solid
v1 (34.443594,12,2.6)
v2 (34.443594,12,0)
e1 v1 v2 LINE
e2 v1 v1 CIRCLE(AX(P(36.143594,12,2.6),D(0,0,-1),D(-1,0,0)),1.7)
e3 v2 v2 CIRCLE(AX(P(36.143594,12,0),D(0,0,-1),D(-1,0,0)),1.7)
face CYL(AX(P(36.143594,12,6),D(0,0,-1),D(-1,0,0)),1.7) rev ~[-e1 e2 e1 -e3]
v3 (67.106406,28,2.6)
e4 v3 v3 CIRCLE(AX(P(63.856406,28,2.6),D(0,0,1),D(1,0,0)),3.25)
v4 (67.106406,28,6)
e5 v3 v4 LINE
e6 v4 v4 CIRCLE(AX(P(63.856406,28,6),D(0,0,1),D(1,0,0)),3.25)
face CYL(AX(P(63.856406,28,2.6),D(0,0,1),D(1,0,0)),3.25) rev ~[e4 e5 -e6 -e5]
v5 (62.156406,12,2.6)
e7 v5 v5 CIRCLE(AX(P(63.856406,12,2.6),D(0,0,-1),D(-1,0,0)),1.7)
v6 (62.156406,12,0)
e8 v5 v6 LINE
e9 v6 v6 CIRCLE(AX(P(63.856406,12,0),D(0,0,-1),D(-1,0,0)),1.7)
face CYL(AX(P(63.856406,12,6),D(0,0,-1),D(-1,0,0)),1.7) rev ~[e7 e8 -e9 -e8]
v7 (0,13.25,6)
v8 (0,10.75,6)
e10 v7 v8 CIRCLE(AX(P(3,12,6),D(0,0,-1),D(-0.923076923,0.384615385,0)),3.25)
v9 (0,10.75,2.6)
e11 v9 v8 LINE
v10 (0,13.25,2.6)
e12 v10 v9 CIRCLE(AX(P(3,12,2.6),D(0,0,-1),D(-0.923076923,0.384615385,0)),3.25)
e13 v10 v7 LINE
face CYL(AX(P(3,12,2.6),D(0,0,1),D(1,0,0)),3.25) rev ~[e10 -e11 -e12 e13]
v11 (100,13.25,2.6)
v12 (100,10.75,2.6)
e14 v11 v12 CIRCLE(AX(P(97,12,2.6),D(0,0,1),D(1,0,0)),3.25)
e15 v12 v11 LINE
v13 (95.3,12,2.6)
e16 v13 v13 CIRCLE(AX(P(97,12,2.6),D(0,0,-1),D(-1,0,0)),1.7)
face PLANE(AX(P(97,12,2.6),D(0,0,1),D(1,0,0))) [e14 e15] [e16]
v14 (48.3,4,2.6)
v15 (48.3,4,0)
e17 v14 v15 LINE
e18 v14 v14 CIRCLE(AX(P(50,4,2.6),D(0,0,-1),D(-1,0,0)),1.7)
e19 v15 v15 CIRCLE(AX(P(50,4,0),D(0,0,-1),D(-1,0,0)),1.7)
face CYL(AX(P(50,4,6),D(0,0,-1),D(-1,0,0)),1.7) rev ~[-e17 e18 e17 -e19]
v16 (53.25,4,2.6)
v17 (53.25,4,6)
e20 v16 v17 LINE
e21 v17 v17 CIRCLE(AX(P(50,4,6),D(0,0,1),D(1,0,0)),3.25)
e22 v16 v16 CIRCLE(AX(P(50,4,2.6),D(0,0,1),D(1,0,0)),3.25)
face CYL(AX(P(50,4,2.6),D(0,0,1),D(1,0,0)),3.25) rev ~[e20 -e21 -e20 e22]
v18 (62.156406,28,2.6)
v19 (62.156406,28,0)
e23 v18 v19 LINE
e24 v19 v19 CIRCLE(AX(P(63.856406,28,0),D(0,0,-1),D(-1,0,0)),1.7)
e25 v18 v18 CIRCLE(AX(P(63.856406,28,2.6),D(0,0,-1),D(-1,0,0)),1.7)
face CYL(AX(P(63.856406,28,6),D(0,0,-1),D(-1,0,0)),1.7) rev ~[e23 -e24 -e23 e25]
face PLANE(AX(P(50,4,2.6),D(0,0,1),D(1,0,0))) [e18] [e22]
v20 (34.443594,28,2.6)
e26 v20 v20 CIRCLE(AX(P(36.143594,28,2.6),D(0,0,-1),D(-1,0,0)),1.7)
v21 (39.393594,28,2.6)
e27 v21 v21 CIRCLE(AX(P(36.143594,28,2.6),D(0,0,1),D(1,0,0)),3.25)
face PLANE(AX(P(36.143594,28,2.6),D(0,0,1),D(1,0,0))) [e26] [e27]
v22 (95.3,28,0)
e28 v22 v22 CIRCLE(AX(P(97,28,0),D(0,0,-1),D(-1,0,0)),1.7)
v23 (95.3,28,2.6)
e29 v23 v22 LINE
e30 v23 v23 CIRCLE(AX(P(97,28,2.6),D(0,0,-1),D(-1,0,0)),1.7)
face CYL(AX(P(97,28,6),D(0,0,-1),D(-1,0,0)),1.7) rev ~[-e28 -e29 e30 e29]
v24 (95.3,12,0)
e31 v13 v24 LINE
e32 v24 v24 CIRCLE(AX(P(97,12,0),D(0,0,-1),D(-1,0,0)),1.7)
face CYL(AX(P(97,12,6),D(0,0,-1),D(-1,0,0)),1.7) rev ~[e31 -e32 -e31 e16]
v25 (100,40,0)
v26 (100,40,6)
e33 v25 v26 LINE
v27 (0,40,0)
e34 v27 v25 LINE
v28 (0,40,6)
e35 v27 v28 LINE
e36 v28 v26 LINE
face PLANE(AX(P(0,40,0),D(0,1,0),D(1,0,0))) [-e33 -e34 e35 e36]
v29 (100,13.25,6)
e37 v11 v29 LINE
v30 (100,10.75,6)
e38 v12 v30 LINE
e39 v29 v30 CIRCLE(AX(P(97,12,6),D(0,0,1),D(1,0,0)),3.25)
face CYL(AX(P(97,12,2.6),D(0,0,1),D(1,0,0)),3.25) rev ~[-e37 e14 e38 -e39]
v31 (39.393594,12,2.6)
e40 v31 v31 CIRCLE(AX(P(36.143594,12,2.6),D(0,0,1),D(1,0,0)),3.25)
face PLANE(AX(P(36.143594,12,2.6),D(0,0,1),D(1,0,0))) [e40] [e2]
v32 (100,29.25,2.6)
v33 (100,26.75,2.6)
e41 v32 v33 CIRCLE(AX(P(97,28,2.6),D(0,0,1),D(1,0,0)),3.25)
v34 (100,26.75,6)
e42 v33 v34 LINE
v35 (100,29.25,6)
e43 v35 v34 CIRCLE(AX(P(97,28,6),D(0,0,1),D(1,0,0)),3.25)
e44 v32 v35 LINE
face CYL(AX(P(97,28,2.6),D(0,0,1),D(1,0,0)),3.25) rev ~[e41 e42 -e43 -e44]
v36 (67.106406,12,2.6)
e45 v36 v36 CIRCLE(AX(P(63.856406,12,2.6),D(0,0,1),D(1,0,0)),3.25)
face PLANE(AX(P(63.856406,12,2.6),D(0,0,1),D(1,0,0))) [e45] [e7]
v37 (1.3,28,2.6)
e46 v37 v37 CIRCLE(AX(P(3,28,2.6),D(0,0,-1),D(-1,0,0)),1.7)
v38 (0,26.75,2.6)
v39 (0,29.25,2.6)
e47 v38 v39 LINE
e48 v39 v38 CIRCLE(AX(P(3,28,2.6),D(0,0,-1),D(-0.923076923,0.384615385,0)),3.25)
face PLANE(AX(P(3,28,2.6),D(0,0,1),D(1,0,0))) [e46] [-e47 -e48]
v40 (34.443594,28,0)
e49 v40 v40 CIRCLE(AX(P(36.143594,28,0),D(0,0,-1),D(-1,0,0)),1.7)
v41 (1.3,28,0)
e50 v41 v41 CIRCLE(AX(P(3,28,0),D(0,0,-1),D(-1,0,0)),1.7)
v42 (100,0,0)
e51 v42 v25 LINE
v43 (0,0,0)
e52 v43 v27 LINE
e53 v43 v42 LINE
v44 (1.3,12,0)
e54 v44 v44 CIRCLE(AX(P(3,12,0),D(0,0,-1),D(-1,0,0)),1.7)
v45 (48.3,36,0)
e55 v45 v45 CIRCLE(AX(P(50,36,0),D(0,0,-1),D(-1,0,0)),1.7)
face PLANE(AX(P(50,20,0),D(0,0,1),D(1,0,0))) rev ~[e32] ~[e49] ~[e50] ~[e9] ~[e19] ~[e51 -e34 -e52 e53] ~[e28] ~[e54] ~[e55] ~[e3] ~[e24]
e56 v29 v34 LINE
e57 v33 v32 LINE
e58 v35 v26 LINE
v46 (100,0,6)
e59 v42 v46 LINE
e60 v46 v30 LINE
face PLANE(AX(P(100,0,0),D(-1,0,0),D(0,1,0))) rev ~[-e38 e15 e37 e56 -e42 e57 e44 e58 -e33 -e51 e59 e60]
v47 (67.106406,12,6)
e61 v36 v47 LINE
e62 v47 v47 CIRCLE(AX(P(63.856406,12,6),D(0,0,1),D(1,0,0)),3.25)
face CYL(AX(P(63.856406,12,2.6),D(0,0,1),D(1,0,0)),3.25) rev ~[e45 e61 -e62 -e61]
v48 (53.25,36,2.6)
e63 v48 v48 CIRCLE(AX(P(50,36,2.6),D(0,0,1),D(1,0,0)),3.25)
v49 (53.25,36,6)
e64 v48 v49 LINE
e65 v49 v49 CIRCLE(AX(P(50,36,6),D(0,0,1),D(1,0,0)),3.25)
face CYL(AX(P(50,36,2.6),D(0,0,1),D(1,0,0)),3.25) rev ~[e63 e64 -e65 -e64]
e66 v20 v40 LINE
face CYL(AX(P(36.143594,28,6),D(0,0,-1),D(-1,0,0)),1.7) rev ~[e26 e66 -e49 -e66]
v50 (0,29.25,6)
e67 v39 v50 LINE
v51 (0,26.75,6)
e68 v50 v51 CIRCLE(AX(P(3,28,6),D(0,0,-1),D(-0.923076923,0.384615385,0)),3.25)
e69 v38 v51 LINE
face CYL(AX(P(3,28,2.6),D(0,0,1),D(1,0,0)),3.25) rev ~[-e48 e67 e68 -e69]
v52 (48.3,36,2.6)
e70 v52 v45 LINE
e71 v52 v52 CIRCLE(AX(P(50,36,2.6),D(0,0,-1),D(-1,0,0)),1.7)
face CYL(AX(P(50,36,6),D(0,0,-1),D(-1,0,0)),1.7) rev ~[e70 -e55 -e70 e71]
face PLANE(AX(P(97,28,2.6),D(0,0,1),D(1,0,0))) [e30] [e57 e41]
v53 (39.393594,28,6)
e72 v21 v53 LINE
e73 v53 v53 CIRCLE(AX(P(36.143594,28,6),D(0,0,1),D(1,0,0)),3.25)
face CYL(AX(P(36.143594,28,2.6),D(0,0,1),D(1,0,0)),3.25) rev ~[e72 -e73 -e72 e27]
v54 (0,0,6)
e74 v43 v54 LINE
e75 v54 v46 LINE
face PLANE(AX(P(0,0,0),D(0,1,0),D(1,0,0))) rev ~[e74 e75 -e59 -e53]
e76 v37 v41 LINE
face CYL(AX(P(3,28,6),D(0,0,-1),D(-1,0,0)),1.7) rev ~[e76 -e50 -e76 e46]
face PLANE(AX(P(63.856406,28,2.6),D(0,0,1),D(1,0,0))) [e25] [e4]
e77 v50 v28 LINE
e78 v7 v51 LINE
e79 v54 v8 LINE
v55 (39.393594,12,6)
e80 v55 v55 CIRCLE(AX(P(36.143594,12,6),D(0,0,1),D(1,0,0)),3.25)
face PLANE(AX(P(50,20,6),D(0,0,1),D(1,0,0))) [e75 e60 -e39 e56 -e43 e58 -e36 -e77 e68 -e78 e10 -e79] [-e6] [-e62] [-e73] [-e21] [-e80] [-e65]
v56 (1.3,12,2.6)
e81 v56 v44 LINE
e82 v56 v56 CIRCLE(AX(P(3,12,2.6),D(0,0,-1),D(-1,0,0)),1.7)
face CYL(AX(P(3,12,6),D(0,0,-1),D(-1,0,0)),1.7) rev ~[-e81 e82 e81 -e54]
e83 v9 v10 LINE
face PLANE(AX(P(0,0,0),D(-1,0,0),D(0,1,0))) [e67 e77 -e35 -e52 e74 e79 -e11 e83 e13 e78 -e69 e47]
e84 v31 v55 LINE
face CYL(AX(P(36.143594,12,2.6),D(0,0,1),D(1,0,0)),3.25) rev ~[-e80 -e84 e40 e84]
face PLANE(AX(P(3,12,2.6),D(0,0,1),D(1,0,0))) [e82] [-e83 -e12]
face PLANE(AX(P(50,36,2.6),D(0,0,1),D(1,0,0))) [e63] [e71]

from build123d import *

# Parameters (mm, degrees)
SKETCH1_W                                           = 100
SKETCH1_H                                           = 40
BOSS_EXTRUDE1_DEPTH                                 = 6
CBORE_FOR_M3_HEX_SOCKET_HEAD_CAP_SCREW1_D           = 3.4
CBORE_FOR_M3_HEX_SOCKET_HEAD_CAP_SCREW1_CBORE_D     = 6.5
CBORE_FOR_M3_HEX_SOCKET_HEAD_CAP_SCREW1_CBORE_DEPTH = 3.4
CBORE_FOR_M3_HEX_SOCKET_HEAD_CAP_SCREW2_D           = 3.4
CBORE_FOR_M3_HEX_SOCKET_HEAD_CAP_SCREW2_CBORE_D     = 6.5
CBORE_FOR_M3_HEX_SOCKET_HEAD_CAP_SCREW2_CBORE_DEPTH = 3.4


with BuildPart() as part:
    # Sketch1 → Boss-Extrude1 (new body)
    with BuildSketch(Plane.XY):
        with Locations((50, 20)):
            Rectangle(SKETCH1_W, SKETCH1_H)
    extrude(amount=BOSS_EXTRUDE1_DEPTH)

    # CBORE for M3 Hex Socket Head Cap Screw1 (through all)
    with Locations(Plane.XY.offset(6)):
        with Locations((3, 28), (97, 28), (97, 12), (3, 12)):
            CounterBoreHole(CBORE_FOR_M3_HEX_SOCKET_HEAD_CAP_SCREW1_D / 2, CBORE_FOR_M3_HEX_SOCKET_HEAD_CAP_SCREW1_CBORE_D / 2, CBORE_FOR_M3_HEX_SOCKET_HEAD_CAP_SCREW1_CBORE_DEPTH)

    # CBORE for M3 Hex Socket Head Cap Screw2 (through all)
    with Locations(Plane.XY.offset(6)):
        with Locations((36.143593539, 28), (50, 36), (63.856406461, 28), (63.856406461, 12), (50, 4), (36.143593539, 12)):
            CounterBoreHole(CBORE_FOR_M3_HEX_SOCKET_HEAD_CAP_SCREW2_D / 2, CBORE_FOR_M3_HEX_SOCKET_HEAD_CAP_SCREW2_CBORE_D / 2, CBORE_FOR_M3_HEX_SOCKET_HEAD_CAP_SCREW2_CBORE_DEPTH)


solid = part.part
